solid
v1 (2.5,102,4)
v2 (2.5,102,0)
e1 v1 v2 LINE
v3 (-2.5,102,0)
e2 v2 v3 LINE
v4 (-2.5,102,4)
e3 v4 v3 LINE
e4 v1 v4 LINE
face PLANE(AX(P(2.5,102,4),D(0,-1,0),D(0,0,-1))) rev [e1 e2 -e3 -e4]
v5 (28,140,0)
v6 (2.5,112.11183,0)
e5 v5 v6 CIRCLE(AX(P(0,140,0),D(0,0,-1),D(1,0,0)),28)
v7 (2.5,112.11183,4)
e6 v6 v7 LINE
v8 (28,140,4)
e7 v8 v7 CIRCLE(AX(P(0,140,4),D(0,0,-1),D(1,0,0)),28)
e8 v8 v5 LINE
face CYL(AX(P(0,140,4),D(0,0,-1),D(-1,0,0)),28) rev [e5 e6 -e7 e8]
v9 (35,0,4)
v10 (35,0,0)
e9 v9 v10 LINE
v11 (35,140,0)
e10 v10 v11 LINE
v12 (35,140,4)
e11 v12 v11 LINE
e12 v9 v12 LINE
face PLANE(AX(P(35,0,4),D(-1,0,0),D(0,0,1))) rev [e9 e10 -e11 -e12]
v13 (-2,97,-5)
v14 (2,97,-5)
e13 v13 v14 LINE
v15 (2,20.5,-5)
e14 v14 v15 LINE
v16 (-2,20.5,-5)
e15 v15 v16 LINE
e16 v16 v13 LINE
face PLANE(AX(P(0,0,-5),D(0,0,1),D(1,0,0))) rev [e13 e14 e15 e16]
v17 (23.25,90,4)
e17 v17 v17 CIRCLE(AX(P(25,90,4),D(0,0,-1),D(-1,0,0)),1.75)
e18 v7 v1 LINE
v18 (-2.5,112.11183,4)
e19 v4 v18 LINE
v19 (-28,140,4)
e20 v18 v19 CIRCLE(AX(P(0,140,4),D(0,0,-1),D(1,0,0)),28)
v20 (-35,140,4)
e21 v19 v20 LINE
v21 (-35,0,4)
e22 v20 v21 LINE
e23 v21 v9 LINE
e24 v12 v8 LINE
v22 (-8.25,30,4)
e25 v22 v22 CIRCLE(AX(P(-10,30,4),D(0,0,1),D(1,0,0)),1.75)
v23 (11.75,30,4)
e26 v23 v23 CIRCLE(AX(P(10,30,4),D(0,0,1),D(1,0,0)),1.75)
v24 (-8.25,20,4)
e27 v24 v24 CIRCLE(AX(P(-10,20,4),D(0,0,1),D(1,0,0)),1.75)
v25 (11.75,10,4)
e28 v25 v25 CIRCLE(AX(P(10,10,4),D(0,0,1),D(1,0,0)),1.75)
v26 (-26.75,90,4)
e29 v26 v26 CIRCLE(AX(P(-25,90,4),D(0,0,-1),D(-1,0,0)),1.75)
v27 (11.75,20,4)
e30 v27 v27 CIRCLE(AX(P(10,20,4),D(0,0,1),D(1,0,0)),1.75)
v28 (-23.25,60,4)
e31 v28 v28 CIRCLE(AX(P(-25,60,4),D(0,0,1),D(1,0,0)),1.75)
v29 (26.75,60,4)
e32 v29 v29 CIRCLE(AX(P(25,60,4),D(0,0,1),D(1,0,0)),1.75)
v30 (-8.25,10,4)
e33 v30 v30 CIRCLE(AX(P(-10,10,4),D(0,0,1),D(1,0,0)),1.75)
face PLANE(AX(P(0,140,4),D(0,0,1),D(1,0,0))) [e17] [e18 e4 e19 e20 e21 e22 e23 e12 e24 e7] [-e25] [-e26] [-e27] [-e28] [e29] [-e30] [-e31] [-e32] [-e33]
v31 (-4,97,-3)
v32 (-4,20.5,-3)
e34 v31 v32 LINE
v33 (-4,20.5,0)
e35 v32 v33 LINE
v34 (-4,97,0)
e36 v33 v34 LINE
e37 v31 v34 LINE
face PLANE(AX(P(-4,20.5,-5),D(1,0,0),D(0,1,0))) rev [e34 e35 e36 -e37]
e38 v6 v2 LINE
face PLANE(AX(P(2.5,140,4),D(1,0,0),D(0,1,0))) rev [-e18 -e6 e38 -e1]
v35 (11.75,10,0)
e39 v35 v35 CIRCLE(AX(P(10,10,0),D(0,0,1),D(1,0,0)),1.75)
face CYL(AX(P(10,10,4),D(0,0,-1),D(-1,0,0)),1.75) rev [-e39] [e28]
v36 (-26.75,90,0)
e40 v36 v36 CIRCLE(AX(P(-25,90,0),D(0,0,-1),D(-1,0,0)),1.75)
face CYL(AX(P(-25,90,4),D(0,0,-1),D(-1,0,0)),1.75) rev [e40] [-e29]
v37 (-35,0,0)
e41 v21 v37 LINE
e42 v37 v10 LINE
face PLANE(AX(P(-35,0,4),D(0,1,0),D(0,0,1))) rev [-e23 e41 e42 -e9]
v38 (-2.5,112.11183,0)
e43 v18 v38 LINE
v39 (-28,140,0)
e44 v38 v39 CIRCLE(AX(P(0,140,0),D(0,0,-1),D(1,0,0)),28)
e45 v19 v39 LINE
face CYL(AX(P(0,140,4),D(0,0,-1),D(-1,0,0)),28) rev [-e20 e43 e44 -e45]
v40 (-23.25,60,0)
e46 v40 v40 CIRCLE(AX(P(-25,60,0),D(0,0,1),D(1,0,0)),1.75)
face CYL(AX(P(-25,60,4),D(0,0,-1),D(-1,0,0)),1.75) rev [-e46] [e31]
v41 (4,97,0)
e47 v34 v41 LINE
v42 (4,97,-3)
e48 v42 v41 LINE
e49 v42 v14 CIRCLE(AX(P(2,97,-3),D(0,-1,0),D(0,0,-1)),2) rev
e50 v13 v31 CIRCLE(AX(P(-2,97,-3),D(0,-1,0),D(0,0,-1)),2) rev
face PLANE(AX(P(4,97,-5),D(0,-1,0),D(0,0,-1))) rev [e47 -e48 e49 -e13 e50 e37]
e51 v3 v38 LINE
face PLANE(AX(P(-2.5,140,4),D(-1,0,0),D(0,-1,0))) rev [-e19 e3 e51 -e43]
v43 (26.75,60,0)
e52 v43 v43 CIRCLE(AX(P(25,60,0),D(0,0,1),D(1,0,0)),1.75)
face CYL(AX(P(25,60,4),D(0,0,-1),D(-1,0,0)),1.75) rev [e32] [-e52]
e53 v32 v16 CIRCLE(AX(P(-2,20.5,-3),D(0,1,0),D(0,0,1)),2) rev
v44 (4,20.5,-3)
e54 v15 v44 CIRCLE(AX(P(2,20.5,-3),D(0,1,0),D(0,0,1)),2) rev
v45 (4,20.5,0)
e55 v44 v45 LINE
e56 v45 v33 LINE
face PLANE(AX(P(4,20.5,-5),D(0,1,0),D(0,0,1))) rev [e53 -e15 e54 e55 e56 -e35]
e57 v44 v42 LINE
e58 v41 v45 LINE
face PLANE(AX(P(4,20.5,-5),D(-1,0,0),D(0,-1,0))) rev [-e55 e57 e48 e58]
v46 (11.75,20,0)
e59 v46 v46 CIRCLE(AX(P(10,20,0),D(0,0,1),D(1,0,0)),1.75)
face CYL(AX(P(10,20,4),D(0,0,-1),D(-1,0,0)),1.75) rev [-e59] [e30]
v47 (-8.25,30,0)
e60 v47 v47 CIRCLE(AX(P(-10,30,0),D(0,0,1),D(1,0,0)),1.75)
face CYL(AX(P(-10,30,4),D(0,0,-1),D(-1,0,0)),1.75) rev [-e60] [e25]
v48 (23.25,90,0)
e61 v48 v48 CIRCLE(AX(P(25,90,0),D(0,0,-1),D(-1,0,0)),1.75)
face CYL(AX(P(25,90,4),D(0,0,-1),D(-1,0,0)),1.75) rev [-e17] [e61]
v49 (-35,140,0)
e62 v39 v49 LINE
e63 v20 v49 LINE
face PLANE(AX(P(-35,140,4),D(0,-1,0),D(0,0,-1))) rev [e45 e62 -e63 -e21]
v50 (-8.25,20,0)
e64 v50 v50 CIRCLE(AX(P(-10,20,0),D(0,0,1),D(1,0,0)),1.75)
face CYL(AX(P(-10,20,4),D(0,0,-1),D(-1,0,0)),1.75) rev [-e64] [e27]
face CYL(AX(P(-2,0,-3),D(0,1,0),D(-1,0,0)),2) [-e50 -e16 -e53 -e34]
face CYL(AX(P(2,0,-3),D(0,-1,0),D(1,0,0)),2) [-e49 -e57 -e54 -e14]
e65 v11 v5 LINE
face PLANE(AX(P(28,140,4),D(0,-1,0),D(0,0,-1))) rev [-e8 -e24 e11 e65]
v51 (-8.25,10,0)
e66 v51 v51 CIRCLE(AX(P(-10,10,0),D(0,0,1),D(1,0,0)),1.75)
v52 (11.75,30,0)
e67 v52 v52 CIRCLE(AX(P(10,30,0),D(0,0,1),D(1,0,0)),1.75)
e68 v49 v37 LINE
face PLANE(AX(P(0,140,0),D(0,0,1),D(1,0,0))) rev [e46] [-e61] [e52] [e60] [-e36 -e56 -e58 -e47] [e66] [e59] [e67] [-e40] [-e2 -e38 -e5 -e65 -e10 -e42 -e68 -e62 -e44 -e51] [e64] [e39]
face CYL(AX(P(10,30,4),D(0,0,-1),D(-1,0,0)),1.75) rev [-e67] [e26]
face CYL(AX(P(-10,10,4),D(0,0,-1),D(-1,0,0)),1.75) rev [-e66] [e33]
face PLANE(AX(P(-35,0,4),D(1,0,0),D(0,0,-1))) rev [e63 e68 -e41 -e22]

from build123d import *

# Parameters (mm, degrees)
SKETCH1_R           = 1.75
BOSS_EXTRUDE1_DEPTH = 4
SKETCH2_W           = 5
SKETCH2_H           = 38
CUT_EXTRUDE1_DEPTH  = 145.364122967
SKETCH3_W           = 8
SKETCH3_H           = 76.5
BOSS_EXTRUDE2_DEPTH = 5
FILLET1_R           = 2
SKETCH4_R           = 1.75
CUT_EXTRUDE2_DEPTH  = 145.395290782


with BuildPart() as part:
    # Sketch1 → Boss-Extrude1 (new body)
    with BuildSketch(Plane.XY):
        with BuildLine():
            Line((-35, 140), (-28, 140))
            ThreePointArc((-28, 140), (0, 112), (28, 140))
            Line((28, 140), (35, 140))
            Line((35, 140), (35, 0))
            Line((35, 0), (-35, 0))
            Line((-35, 0), (-35, 140))
        make_face()
        with Locations((-25, 60)):
            Circle(SKETCH1_R, mode=Mode.SUBTRACT)
        with Locations((25, 60)):
            Circle(SKETCH1_R, mode=Mode.SUBTRACT)
        with Locations((-10, 10)):
            Circle(SKETCH1_R, mode=Mode.SUBTRACT)
        with Locations((10, 10)):
            Circle(SKETCH1_R, mode=Mode.SUBTRACT)
        with Locations((-10, 20)):
            Circle(SKETCH1_R, mode=Mode.SUBTRACT)
        with Locations((10, 20)):
            Circle(SKETCH1_R, mode=Mode.SUBTRACT)
        with Locations((-10, 30)):
            Circle(SKETCH1_R, mode=Mode.SUBTRACT)
        with Locations((10, 30)):
            Circle(SKETCH1_R, mode=Mode.SUBTRACT)
    extrude(amount=BOSS_EXTRUDE1_DEPTH)

    # Sketch2 → Cut-Extrude1 (cut, through all)
    with BuildSketch(Plane(origin=(0, 0, 0), x_dir=(-1, 0, 0), z_dir=(0, 0, -1))):
        with Locations((0, 121)):
            Rectangle(SKETCH2_W, SKETCH2_H)
    extrude(amount=-CUT_EXTRUDE1_DEPTH, mode=Mode.SUBTRACT)

    # Sketch3 → Boss-Extrude2 (add)
    with BuildSketch(Plane(origin=(0, 0, 0), x_dir=(-1, 0, 0), z_dir=(0, 0, -1))):
        with Locations((0, 58.75)):
            Rectangle(SKETCH3_W, SKETCH3_H)
    extrude(amount=BOSS_EXTRUDE2_DEPTH)

    # Fillet1
    fillet1_edges = [part.edges().sort_by_distance(p)[0] for p in [
        (4, 58.75, -5),
        (-4, 58.75, -5),
    ]]
    fillet(fillet1_edges, radius=FILLET1_R)

    # Sketch4 → Cut-Extrude2 (cut, through all)
    with BuildSketch(Plane(origin=(0, 0, 0), x_dir=(-1, 0, 0), z_dir=(0, 0, -1))):
        with Locations((-25, 90)):
            Circle(SKETCH4_R)
        with Locations((25, 90)):
            Circle(SKETCH4_R)
    extrude(amount=-CUT_EXTRUDE2_DEPTH, mode=Mode.SUBTRACT)


solid = part.part
